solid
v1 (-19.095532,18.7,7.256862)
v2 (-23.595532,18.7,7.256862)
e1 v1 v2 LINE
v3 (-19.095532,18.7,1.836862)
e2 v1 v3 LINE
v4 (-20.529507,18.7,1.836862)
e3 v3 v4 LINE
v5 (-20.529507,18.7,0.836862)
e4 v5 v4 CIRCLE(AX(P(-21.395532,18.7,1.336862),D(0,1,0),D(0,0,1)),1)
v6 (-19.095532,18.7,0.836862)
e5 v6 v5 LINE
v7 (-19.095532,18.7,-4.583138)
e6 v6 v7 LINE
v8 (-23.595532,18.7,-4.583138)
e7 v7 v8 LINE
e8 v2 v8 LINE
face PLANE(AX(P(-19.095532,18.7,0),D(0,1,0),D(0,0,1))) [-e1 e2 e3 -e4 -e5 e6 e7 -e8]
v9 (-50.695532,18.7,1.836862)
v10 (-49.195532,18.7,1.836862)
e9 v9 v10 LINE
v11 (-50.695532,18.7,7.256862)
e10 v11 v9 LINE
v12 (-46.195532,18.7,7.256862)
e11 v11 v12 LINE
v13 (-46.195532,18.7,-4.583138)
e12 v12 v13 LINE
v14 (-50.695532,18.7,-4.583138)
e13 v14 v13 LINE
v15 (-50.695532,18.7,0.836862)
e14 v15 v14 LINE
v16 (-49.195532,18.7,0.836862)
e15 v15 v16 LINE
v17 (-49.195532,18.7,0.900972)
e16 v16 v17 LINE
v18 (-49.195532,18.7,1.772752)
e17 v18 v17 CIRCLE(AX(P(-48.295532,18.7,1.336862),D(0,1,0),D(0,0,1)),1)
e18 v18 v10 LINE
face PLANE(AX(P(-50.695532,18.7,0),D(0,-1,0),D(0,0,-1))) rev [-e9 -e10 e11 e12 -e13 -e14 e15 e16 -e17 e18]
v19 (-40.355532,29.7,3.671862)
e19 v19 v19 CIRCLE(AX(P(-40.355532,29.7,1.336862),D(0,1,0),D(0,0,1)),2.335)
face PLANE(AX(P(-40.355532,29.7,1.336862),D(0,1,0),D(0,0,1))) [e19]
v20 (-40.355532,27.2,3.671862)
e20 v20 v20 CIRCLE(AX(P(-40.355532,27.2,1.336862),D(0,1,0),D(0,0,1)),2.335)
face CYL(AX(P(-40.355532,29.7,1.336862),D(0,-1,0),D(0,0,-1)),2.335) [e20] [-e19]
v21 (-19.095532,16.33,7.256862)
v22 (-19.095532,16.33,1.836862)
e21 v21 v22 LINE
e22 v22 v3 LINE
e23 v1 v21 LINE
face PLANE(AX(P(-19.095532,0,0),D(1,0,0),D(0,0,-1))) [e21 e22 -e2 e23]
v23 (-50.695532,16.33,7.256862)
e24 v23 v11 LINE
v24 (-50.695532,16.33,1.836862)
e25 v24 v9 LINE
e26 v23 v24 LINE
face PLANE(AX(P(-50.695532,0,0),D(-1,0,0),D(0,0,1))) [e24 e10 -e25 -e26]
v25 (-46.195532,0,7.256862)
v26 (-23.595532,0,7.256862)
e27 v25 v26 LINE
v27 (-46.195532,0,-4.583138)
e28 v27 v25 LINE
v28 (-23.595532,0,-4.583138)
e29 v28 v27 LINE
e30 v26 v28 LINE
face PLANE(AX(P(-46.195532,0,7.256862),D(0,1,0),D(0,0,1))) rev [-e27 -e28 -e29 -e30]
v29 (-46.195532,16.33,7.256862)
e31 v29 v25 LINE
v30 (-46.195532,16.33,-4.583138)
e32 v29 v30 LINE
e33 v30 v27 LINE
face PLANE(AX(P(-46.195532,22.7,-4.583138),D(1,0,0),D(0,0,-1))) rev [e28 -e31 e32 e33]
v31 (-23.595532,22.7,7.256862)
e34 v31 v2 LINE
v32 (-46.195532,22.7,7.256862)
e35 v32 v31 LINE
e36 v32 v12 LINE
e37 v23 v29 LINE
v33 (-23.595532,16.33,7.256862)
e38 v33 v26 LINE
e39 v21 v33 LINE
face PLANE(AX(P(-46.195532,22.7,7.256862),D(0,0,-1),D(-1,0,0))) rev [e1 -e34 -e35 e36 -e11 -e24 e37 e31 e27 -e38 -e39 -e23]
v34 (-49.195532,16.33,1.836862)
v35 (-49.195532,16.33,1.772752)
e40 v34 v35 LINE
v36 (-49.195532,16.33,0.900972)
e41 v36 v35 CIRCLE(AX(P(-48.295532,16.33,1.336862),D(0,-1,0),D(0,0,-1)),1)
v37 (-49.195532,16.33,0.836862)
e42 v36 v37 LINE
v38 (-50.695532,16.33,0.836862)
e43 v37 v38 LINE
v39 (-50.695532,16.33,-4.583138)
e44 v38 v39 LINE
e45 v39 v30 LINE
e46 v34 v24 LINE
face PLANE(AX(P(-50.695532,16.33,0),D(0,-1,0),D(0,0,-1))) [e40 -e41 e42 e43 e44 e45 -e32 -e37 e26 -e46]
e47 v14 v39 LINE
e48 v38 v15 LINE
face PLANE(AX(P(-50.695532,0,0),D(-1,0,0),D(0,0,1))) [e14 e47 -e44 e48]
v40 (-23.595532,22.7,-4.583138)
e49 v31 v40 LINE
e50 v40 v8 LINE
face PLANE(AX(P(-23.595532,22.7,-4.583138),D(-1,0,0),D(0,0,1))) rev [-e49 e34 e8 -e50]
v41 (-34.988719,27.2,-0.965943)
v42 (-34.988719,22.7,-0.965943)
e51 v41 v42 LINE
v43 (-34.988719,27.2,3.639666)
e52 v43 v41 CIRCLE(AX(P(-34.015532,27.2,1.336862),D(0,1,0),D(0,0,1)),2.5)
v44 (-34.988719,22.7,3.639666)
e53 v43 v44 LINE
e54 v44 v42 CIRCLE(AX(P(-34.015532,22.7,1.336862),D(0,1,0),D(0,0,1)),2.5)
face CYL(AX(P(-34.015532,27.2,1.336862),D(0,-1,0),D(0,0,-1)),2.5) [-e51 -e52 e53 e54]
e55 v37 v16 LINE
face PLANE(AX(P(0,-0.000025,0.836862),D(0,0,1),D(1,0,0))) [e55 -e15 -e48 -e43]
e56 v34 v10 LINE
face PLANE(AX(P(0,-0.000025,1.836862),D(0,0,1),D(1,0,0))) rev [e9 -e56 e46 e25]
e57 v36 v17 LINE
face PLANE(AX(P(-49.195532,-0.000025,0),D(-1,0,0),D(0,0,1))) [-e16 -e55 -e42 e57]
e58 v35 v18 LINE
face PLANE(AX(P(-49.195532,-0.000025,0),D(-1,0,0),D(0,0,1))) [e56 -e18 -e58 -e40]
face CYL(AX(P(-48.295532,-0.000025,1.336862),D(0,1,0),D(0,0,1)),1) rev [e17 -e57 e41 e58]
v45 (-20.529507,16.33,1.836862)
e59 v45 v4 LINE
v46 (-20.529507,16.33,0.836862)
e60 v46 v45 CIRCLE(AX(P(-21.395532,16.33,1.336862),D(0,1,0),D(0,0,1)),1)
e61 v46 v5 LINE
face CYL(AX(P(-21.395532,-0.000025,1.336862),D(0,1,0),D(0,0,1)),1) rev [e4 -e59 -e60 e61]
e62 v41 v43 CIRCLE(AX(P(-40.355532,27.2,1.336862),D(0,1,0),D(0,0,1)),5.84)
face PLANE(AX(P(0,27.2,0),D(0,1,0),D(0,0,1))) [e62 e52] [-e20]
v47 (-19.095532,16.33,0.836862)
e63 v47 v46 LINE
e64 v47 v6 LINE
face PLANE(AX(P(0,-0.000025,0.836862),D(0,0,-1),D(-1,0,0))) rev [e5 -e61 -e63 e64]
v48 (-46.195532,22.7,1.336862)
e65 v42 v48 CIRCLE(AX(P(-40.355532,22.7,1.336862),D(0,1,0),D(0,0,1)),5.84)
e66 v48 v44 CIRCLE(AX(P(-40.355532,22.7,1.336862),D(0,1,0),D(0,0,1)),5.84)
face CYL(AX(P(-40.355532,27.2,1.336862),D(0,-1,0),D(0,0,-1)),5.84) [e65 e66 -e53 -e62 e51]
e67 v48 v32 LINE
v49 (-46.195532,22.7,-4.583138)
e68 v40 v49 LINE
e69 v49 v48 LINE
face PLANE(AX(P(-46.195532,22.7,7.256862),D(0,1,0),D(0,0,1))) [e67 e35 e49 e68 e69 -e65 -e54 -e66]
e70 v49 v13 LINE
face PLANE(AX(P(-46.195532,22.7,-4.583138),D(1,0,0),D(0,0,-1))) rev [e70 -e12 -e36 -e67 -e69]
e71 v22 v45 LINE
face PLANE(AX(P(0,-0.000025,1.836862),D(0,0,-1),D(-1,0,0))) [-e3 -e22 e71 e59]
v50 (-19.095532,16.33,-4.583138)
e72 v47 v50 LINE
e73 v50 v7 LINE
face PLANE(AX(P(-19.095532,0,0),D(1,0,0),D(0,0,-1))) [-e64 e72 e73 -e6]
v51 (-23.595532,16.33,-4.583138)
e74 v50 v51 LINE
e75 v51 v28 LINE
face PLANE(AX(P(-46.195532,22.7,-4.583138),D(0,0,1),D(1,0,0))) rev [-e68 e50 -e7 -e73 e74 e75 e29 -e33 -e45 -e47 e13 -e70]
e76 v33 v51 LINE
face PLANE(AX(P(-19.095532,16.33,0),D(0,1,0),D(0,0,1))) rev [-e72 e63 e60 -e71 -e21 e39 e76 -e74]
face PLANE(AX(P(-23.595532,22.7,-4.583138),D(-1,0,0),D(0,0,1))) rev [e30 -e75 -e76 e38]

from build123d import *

# Parameters (mm, degrees)
SKETCH1_W            = 22.6
SKETCH1_H            = 11.84
BOSS_EXTRUDE1_DEPTH  = 22.7
SKETCH4_R            = 5.84
BOSS_EXTRUDE6_DEPTH  = 4.5
SKETCH12_R           = 2.335
BOSS_EXTRUDE7_DEPTH  = 2.5
SKETCH13_R           = 2.5
BOSS_EXTRUDE8_DEPTH  = 4.5
SKETCH14_W           = 11.84
SKETCH14_H           = 2.37
BOSS_EXTRUDE10_DEPTH = 4.5
SKETCH15_R           = 1
SKETCH15_W           = 1.5
SKETCH15_H           = 1
CUT_EXTRUDE3_DEPTH   = 19.7
SKETCH16_W           = 11.84
SKETCH16_H           = 2.37
BOSS_EXTRUDE11_DEPTH = 4.5
SKETCH17_R           = 1
SKETCH17_W           = 1.5
SKETCH17_H           = 1
CUT_EXTRUDE4_DEPTH   = 19.7


with BuildPart() as part:
    # Sketch1 → Boss-Extrude1 (new body)
    with BuildSketch(Plane(origin=(0, 0, 0), x_dir=(1, 0, 0), z_dir=(0, 1, 0))):
        with Locations((-34.895532414, -1.336861806)):
            Rectangle(SKETCH1_W, SKETCH1_H)
    extrude(amount=BOSS_EXTRUDE1_DEPTH)

    # Sketch4 → Boss-Extrude6 (add)
    with BuildSketch(Plane(origin=(0, 22.7, 0), x_dir=(-1, 0, 0), z_dir=(0, 1, 0))):
        with Locations((40.355532414, 1.336861806)):
            Circle(SKETCH4_R)
    extrude(amount=BOSS_EXTRUDE6_DEPTH)

    # Sketch12 → Boss-Extrude7 (add)
    with BuildSketch(Plane(origin=(0, 27.2, 0), x_dir=(-1, 0, 0), z_dir=(0, 1, 0))):
        with Locations((40.355532414, 1.336861806)):
            Circle(SKETCH12_R)
    extrude(amount=BOSS_EXTRUDE7_DEPTH)

    # Sketch13 → Boss-Extrude8 (add)
    with BuildSketch(Plane(origin=(0, 22.7, 0), x_dir=(-1, 0, 0), z_dir=(0, 1, 0))):
        with Locations((34.015532414, 1.336861806)):
            Circle(SKETCH13_R)
    extrude(amount=BOSS_EXTRUDE8_DEPTH)

    # Sketch14 → Boss-Extrude10 (add)
    with BuildSketch(Plane(origin=(-23.595532414, 0, 0), x_dir=(0, 0, -1), z_dir=(1, 0, 0))):
        with Locations((-1.336861806, 17.515)):
            Rectangle(SKETCH14_W, SKETCH14_H)
    extrude(amount=BOSS_EXTRUDE10_DEPTH)

    # Sketch15 → Cut-Extrude3 (cut, through all)
    with BuildSketch(Plane(origin=(0, 18.7, 0), x_dir=(-1, 0, 0), z_dir=(0, 1, 0))):
        with Locations((21.395532414, 1.336861806)):
            Circle(SKETCH15_R)
        with Locations((48.395532414, 1.336861806)):
            Circle(SKETCH15_R)
        with Locations((19.845532414, 1.336861806)):
            Rectangle(SKETCH15_W, SKETCH15_H)
    extrude(amount=-CUT_EXTRUDE3_DEPTH, mode=Mode.SUBTRACT)

    # Sketch16 → Boss-Extrude11 (add)
    with BuildSketch(Plane.ZY.offset(46.195532414)):
        with Locations((1.336861806, 17.515)):
            Rectangle(SKETCH16_W, SKETCH16_H)
    extrude(amount=BOSS_EXTRUDE11_DEPTH)

    # Sketch17 → Cut-Extrude4 (cut, through all)
    with BuildSketch(Plane(origin=(0, 18.7, 0), x_dir=(-1, 0, 0), z_dir=(0, 1, 0))):
        with Locations((48.295532414, 1.336861806)):
            Circle(SKETCH17_R)
        with Locations((49.945532414, 1.336861806)):
            Rectangle(SKETCH17_W, SKETCH17_H)
    extrude(amount=-CUT_EXTRUDE4_DEPTH, mode=Mode.SUBTRACT)


solid = part.part
